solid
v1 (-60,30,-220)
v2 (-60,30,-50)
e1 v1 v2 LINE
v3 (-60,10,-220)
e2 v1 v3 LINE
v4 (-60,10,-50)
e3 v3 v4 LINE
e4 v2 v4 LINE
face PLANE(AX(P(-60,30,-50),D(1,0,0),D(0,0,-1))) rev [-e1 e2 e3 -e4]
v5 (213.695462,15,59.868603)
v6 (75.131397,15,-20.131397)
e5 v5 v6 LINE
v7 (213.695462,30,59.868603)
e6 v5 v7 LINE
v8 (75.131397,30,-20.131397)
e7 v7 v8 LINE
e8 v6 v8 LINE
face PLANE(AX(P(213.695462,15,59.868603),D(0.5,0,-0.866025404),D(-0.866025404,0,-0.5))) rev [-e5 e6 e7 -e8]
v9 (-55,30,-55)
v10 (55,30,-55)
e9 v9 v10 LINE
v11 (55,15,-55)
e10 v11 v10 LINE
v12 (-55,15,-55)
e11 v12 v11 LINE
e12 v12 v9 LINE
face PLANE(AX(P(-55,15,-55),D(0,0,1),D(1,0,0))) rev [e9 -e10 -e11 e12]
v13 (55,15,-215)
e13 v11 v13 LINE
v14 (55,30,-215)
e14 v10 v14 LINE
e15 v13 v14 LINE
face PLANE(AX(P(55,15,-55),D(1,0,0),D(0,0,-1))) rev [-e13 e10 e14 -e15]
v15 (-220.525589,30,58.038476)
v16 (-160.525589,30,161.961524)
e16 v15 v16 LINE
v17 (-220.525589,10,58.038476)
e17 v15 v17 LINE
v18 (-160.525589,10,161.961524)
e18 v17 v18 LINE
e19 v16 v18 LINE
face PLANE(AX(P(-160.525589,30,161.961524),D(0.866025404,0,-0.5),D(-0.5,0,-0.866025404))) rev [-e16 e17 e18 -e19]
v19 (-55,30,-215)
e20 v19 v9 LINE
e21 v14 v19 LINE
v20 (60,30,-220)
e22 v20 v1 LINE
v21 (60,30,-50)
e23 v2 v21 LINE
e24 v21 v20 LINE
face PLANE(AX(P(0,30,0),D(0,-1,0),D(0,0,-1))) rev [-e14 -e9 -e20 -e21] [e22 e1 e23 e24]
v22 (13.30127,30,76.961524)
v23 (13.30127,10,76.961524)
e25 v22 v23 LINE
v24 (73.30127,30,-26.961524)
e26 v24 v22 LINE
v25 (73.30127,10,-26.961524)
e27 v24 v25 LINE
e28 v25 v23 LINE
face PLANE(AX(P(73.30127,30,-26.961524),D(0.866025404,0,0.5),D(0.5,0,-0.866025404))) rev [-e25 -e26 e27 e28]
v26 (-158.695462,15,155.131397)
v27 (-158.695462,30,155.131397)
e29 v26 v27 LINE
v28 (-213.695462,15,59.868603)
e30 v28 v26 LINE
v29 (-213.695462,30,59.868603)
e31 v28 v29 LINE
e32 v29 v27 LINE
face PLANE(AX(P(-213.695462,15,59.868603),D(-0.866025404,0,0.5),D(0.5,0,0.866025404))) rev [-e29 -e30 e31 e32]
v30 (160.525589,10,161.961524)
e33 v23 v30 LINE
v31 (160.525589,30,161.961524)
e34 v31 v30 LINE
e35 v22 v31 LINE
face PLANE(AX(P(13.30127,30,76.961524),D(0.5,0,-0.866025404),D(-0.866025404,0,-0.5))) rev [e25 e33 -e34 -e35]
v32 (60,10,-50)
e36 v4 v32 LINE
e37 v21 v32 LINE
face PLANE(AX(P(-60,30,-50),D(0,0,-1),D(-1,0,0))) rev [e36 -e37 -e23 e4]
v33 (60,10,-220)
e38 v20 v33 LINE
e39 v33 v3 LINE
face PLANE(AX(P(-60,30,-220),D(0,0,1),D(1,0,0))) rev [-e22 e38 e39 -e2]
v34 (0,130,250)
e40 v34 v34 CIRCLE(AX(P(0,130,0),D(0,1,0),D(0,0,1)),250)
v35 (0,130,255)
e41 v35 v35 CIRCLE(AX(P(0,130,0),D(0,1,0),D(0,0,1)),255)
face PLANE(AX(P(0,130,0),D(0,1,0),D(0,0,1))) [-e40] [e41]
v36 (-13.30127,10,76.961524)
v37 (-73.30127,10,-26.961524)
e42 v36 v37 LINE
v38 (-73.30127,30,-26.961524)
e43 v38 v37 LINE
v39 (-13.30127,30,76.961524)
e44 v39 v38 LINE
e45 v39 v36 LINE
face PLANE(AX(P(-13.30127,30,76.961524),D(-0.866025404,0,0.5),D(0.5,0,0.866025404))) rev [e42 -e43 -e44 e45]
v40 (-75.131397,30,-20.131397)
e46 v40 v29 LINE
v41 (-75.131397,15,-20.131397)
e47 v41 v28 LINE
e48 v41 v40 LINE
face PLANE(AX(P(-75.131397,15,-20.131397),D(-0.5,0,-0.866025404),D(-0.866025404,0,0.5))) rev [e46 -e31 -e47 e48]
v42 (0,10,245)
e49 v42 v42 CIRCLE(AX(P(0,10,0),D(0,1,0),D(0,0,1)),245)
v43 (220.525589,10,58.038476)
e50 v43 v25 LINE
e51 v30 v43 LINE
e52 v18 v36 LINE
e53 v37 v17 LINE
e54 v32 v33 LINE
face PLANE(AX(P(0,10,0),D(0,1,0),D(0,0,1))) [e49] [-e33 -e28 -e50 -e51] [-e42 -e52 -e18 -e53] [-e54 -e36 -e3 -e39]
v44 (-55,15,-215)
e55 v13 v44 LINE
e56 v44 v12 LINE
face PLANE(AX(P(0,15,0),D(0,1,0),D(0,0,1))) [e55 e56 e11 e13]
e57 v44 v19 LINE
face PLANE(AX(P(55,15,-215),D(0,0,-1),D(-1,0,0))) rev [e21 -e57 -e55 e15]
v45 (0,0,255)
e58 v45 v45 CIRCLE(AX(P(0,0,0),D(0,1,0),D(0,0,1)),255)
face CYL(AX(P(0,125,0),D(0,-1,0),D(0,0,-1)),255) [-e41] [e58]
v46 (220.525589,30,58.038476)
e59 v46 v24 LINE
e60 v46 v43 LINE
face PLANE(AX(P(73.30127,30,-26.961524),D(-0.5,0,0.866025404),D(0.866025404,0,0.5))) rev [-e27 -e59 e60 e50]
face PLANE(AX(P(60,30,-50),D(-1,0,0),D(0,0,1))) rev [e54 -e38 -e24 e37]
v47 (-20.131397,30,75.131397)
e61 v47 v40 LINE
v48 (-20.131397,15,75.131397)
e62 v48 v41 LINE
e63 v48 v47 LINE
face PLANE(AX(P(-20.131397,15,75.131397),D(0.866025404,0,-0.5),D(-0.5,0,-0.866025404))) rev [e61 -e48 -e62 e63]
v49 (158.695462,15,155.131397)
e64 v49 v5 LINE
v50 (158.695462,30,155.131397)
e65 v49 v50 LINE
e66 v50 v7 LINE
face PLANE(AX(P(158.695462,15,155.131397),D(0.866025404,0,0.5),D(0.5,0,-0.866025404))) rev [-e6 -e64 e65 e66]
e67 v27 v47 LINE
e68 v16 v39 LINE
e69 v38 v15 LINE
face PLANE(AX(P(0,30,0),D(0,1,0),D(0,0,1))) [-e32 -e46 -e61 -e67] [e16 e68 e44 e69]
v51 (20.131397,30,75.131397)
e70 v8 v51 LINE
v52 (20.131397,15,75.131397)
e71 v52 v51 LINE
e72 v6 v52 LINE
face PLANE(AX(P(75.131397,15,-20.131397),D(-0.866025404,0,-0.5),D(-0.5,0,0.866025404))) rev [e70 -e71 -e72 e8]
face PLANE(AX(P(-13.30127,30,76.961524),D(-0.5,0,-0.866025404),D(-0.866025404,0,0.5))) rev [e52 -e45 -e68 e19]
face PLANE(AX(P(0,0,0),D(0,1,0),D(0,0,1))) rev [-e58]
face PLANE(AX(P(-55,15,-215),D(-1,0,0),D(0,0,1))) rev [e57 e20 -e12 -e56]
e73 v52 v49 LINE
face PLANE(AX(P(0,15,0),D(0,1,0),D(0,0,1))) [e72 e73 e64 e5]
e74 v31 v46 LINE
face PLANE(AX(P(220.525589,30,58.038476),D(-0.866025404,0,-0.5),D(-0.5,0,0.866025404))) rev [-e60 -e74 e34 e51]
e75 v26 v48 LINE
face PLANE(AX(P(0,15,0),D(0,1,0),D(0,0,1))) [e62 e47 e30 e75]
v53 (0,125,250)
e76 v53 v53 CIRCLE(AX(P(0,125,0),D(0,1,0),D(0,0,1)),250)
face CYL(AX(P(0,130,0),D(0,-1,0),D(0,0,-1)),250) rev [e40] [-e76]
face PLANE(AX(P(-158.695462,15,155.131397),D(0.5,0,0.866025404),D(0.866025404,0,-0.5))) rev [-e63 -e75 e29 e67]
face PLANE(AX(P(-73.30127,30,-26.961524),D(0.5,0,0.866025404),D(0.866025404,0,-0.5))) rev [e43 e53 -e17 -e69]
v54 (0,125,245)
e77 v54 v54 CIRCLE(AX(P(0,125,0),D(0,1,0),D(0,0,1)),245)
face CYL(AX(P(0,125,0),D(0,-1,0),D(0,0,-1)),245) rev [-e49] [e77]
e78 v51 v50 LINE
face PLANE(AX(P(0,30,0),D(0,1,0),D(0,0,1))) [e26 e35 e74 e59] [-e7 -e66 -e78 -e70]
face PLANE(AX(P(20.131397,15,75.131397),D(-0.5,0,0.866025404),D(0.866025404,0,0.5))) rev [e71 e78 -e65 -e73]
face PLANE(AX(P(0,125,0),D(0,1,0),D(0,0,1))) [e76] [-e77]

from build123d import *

# Parameters (mm, degrees)
SKETCH1_R           = 255
BOSS_EXTRUDE1_DEPTH = 125
SHELL1_T            = -10
SKETCH3_W           = 120
SKETCH3_H           = 170
BOSS_EXTRUDE3_DEPTH = 20
SKETCH2_R           = 255
SKETCH2_R_2         = 250
BOSS_EXTRUDE2_DEPTH = 5
SKETCH5_W           = 110
SKETCH5_H           = 160
CUT_EXTRUDE1_DEPTH  = 15


with BuildPart() as part:
    # Sketch1 → Boss-Extrude1 (new body)
    with BuildSketch(Plane(origin=(0, 0, 0), x_dir=(1, 0, 0), z_dir=(0, 1, 0))):
        with Locations(Location((0, 0, 0), (0, 0, 270))):
            Circle(SKETCH1_R)
    extrude(amount=BOSS_EXTRUDE1_DEPTH)

    # Shell1
    shell1_openings = [part.faces().sort_by_distance(p)[0] for p in [
        (0, 125, 0),
    ]]
    offset(amount=SHELL1_T, openings=shell1_openings, kind=Kind.INTERSECTION)

    # Sketch3 → Boss-Extrude3 (add)
    with BuildSketch(Plane(origin=(0, 10, 0), x_dir=(1, 0, 0), z_dir=(0, 1, 0))):
        with Locations((0, 135)):
            Rectangle(SKETCH3_W, SKETCH3_H)
        Polygon((73.301270189, 26.961524227), (220.525588833, -58.038475773), (160.525588833, -161.961524227), (13.301270189, -76.961524227), align=None)
        Polygon((-13.301270189, -76.961524227), (-160.525588833, -161.961524227), (-220.525588833, -58.038475773), (-73.301270189, 26.961524227), align=None)
    extrude(amount=BOSS_EXTRUDE3_DEPTH)

    # Sketch2 → Boss-Extrude2 (add)
    with BuildSketch(Plane(origin=(0, 125, 0), x_dir=(1, 0, 0), z_dir=(0, 1, 0))):
        with Locations(Location((0, 0, 0), (0, 0, 270))):
            Circle(SKETCH2_R)
        with Locations(Location((0, 0, 0), (0, 0, 270))):
            Circle(SKETCH2_R_2, mode=Mode.SUBTRACT)
    extrude(amount=BOSS_EXTRUDE2_DEPTH)

    # Sketch5 → Cut-Extrude1 (cut)
    with BuildSketch(Plane(origin=(0, 30, 0), x_dir=(1, 0, 0), z_dir=(0, 1, 0))):
        Polygon((20.131397208, -75.131397208), (158.695461814, -155.131397208), (213.695461814, -59.868602792), (75.131397208, 20.131397208), align=None)
        with Locations((0, 135)):
            Rectangle(SKETCH5_W, SKETCH5_H)
        Polygon((-75.131397208, 20.131397208), (-213.695461814, -59.868602792), (-158.695461814, -155.131397208), (-20.131397208, -75.131397208), align=None)
    extrude(amount=-CUT_EXTRUDE1_DEPTH, mode=Mode.SUBTRACT)


solid = part.part
